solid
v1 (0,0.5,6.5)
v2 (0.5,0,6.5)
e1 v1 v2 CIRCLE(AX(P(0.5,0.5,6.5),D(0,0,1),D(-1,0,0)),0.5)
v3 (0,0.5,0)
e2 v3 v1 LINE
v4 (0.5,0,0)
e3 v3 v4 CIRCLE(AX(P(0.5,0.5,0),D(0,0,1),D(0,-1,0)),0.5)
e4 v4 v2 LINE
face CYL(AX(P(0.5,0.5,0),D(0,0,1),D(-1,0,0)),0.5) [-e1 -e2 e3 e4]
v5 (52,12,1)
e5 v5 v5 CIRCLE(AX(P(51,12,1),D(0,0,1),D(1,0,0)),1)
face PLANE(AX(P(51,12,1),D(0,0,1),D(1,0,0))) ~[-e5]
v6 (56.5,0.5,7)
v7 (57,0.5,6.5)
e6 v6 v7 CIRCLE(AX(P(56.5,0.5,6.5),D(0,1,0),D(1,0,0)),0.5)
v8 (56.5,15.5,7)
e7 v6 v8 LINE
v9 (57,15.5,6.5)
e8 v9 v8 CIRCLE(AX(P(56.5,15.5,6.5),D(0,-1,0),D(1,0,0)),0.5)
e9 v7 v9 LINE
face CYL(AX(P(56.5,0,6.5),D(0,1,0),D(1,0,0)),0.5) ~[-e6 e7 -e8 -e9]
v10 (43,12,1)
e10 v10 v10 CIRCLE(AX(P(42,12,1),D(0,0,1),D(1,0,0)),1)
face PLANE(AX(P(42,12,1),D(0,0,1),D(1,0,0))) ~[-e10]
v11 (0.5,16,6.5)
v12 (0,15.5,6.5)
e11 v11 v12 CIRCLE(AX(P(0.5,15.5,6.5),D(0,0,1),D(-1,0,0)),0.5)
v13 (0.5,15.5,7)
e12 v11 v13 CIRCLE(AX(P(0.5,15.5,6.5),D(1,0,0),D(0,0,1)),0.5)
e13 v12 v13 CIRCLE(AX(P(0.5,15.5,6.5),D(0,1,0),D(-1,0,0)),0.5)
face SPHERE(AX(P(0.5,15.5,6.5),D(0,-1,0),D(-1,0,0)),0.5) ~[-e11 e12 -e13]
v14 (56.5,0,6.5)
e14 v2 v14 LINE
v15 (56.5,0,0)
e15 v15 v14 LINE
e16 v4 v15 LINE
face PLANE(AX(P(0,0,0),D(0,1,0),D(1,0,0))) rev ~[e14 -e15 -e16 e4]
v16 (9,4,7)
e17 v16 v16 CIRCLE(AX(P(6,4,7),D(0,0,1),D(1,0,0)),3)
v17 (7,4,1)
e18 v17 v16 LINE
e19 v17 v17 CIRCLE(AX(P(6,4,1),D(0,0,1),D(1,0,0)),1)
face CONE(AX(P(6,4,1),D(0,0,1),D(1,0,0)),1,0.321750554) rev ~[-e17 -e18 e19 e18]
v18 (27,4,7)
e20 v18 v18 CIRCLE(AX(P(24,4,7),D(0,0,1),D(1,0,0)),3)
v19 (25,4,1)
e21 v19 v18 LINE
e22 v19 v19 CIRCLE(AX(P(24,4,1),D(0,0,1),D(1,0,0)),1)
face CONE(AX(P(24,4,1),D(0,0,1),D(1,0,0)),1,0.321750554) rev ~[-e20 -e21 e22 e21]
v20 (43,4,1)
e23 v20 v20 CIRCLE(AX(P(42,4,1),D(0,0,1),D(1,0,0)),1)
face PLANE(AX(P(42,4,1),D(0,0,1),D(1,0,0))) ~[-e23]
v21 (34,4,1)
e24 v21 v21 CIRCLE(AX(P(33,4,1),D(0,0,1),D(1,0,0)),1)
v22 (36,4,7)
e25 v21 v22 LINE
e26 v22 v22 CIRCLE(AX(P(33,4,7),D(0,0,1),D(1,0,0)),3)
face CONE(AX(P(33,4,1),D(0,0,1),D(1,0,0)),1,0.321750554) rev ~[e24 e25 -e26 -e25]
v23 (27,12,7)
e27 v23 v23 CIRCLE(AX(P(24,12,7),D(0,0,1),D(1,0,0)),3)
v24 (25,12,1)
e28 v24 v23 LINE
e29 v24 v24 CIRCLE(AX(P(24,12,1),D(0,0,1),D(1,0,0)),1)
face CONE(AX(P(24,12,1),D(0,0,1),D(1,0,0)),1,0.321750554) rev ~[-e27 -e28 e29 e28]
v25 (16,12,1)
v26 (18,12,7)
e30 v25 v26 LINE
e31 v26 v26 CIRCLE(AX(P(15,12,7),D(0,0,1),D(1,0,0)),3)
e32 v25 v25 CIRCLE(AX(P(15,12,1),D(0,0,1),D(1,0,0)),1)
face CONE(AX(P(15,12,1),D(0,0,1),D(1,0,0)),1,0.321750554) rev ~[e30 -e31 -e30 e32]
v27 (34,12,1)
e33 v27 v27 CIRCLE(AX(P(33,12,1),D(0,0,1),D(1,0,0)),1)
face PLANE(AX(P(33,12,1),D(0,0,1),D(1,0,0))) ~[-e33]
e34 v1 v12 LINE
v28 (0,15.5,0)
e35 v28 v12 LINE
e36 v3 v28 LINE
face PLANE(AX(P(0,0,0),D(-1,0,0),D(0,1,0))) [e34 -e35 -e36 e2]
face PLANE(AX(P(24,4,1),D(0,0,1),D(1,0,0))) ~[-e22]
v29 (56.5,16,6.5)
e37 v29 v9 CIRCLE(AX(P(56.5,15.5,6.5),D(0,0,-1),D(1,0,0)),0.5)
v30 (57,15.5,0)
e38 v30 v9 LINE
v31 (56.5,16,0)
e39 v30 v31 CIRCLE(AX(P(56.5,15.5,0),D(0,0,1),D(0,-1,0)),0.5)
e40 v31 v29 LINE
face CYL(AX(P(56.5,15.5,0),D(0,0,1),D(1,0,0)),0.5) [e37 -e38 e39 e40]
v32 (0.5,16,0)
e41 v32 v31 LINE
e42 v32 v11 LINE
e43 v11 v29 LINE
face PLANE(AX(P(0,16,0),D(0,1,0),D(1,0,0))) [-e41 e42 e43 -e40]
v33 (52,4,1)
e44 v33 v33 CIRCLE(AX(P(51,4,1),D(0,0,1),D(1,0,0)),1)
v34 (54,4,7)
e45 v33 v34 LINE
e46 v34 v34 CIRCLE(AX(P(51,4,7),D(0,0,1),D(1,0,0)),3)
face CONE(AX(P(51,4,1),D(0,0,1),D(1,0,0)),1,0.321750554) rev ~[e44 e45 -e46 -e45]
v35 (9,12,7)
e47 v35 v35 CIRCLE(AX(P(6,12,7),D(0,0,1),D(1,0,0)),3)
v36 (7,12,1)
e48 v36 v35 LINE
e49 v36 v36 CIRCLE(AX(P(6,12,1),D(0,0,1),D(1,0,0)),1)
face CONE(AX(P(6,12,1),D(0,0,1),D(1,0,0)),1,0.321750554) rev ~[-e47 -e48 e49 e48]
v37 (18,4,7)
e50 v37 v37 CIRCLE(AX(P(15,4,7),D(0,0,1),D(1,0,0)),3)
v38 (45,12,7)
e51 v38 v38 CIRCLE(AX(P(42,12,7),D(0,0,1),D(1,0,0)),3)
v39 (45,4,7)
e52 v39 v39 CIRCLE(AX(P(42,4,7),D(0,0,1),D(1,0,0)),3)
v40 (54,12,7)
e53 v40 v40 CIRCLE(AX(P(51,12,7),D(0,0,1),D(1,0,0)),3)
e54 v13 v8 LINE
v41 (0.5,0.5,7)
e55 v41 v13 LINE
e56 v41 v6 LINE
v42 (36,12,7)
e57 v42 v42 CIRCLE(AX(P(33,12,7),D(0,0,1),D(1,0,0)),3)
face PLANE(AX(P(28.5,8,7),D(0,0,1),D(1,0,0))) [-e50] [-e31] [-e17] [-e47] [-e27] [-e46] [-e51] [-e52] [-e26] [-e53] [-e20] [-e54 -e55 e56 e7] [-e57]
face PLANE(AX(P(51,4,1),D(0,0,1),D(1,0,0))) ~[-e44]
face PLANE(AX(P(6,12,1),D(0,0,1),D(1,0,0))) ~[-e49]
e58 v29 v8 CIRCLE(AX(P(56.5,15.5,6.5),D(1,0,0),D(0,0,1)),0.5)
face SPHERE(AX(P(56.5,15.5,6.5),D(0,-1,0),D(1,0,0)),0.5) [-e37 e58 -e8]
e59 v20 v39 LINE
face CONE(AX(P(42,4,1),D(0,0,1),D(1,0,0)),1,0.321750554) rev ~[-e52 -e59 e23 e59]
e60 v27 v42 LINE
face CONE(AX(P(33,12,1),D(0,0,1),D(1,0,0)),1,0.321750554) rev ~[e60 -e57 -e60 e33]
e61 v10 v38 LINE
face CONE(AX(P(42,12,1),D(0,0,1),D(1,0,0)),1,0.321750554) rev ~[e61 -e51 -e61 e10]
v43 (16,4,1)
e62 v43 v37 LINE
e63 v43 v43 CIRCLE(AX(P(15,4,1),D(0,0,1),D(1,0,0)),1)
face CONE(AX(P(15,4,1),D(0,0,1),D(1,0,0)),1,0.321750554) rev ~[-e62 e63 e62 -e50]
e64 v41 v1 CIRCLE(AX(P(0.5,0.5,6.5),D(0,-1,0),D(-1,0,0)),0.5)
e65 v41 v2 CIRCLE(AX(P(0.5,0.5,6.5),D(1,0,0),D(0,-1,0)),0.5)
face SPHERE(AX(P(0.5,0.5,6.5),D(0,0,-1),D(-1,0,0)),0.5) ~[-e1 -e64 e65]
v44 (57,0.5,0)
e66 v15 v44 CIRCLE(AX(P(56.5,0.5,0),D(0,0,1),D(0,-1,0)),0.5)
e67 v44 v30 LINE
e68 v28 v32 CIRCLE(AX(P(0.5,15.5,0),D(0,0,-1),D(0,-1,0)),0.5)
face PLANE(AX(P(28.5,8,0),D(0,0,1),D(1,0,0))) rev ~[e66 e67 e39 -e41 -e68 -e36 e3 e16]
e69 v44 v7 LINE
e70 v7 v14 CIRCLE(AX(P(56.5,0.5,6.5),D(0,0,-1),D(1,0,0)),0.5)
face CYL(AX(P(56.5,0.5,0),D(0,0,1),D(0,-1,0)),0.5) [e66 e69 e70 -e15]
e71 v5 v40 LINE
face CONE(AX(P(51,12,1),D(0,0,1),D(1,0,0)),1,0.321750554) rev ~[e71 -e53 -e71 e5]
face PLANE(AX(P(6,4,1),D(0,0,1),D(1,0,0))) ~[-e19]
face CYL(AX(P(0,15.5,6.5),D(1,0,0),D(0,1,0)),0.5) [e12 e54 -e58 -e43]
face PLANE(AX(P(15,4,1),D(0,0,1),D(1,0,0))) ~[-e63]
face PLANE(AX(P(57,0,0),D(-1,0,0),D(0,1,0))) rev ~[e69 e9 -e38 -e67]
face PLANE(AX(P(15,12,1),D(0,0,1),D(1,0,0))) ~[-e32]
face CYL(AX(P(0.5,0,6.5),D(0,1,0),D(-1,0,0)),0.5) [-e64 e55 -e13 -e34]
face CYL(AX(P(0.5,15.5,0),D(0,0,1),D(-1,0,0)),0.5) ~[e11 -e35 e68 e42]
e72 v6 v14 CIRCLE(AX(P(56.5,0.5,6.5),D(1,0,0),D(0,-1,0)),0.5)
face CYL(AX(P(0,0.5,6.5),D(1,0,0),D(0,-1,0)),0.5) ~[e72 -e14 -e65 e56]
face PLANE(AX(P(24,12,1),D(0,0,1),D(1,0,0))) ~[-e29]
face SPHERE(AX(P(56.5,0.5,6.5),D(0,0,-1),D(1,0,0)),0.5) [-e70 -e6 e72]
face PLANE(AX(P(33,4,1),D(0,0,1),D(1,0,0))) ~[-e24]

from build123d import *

# Parameters (mm, degrees)
ARRAY_X_COUNT = 6
ARRAY_X_PITCH = 9
ARRAY_Y_COUNT = 2
ARRAY_Y_PITCH = 8
BOX_W         = 57
BOX_H         = 16
BOX_DEPTH     = 7
FILLET_R      = 0.5


with BuildPart() as array:
    # Cone → Cone (revolve)
    with BuildSketch(Plane(origin=(6, 4, 1), x_dir=(1, 0, 0), z_dir=(0, -1, 0))):
        Polygon((0, 0), (1, 0), (3, 6), (0, 6), align=None)
    revolve(axis=Axis((6, 4, 1), (0, 0, 1)))

    # Array X: Array ×6


with BuildPart() as array_1:
    add(array.part)
    with Locations(*[(i * ARRAY_X_PITCH, 0, 0) for i in range(1, ARRAY_X_COUNT)]):
        add(array.part)

    # Array Y: Array ×2


with BuildPart() as array_2:
    add(array_1.part)
    with Locations(*[(0, i * ARRAY_Y_PITCH, 0) for i in range(1, ARRAY_Y_COUNT)]):
        add(array_1.part)


with BuildPart() as ouera:
    # Box → Box (new body)
    with BuildSketch(Plane.XY):
        with Locations((28.5, 8)):
            Rectangle(BOX_W, BOX_H)
    extrude(amount=BOX_DEPTH)

    # Fillet
    fillet_edges = [ouera.edges().sort_by_distance(p)[0] for p in [
        (0, 0, 3.5),
        (0, 8, 7),
        (0, 16, 3.5),
        (57, 0, 3.5),
        (57, 8, 7),
        (57, 16, 3.5),
        (28.5, 0, 7),
        (28.5, 16, 7),
    ]]
    fillet(fillet_edges, radius=FILLET_R)

    # Cut: cut Array
    add(array_2.part, mode=Mode.SUBTRACT)


solid = ouera.part
